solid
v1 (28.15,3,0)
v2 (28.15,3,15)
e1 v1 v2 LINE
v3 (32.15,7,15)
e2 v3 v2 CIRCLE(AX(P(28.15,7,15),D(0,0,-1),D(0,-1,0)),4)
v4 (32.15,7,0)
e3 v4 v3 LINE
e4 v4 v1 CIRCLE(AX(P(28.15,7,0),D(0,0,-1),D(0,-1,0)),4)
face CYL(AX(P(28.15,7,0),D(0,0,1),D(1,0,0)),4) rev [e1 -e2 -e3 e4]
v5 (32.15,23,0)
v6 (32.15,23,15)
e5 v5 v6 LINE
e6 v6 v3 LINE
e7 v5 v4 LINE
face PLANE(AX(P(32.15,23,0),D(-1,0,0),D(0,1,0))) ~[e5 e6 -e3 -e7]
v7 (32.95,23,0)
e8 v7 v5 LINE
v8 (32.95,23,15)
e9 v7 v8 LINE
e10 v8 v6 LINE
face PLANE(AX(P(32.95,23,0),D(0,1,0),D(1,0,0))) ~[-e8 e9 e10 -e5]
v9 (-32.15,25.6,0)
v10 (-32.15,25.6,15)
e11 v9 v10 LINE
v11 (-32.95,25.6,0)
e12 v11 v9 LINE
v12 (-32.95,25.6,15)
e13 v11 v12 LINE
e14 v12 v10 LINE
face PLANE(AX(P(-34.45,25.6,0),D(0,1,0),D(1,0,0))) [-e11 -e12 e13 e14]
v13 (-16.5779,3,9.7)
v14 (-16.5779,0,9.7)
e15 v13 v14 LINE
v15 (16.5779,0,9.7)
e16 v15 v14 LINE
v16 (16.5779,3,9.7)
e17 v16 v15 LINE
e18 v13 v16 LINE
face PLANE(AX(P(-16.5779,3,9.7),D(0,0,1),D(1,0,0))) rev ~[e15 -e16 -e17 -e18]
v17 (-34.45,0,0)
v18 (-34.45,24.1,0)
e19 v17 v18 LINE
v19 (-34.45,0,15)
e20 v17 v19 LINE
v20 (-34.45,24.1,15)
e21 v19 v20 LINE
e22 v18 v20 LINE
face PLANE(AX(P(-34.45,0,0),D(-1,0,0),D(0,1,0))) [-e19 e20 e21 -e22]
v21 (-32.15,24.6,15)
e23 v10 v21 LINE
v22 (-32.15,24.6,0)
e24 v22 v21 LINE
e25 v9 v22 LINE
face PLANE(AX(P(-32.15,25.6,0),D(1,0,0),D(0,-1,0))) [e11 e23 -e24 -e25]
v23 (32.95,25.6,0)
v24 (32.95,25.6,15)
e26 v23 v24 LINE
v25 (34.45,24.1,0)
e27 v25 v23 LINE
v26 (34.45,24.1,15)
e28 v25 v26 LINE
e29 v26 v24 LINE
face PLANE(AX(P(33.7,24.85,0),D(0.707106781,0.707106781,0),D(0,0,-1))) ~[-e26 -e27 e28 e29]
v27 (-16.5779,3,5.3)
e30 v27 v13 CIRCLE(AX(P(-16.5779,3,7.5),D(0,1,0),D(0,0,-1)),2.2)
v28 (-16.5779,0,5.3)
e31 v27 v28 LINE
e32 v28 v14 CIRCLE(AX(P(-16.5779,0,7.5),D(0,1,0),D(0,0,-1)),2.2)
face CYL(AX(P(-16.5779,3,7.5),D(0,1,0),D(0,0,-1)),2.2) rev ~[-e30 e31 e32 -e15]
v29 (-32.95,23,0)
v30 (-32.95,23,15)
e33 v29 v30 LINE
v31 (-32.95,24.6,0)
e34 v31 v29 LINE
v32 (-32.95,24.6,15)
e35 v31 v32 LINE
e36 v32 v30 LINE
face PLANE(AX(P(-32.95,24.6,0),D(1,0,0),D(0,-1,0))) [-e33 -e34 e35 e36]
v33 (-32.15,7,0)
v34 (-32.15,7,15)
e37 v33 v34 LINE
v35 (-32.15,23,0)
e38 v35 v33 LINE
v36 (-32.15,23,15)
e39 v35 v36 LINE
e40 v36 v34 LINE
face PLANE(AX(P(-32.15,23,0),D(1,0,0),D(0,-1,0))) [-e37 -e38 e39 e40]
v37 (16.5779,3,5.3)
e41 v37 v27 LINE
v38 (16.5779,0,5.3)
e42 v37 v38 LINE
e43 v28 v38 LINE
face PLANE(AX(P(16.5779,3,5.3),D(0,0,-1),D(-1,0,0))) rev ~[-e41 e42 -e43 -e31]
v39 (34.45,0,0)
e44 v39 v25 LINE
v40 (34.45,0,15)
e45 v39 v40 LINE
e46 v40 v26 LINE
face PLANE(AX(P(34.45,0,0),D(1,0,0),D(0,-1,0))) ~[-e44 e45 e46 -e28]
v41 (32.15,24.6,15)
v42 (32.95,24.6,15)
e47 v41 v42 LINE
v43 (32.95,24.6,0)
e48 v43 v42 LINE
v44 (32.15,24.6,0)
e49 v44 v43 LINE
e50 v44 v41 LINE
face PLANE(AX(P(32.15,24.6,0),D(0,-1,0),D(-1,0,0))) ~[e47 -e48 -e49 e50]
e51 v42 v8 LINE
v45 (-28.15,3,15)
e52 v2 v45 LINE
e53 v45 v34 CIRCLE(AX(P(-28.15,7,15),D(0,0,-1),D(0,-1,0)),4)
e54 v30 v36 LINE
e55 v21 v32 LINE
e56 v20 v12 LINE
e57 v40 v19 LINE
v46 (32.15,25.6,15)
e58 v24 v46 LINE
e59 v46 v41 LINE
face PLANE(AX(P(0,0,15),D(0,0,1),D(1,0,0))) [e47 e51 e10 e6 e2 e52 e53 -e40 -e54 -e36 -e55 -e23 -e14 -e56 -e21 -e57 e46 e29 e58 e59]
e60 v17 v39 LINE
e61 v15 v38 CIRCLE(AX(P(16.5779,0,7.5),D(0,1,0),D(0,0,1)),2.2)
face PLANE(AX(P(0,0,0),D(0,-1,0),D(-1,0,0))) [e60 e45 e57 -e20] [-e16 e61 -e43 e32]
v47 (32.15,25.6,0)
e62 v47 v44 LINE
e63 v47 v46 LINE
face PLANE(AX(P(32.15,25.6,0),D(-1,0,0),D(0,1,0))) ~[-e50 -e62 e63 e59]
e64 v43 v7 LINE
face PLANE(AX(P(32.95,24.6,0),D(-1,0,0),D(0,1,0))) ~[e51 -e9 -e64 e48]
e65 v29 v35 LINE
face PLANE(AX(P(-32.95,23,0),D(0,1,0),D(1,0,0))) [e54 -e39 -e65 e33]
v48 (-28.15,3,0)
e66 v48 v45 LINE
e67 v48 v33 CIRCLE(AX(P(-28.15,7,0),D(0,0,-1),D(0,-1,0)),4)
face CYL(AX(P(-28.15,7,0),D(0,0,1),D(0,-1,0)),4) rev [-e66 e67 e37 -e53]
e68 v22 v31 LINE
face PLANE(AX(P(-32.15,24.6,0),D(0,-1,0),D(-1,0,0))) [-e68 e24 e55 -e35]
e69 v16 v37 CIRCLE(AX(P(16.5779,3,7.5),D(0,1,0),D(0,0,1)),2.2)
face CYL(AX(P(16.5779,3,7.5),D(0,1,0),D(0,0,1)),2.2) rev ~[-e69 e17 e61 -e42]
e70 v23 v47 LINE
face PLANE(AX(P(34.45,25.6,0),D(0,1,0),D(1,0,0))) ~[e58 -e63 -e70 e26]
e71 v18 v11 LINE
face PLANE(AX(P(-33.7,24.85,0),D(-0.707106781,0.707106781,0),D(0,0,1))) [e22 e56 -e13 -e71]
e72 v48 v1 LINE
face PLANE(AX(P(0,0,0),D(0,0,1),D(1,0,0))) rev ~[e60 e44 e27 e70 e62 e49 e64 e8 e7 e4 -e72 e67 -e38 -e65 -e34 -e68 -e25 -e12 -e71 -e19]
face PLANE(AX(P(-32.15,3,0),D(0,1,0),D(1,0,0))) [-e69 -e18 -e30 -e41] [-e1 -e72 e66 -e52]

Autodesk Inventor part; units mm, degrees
ref_plane "YZ Plane" through (0, 0, 0) normal (1, 0, 0) x (0, 1, 0)
ref_plane "XZ Plane" through (0, 0, 0) normal (0, 1, 0) x (-1, 0, 0)
ref_plane "XY Plane" through (0, 0, 0) normal (0, 0, 1) x (1, 0, 0)
sketch "Sketch1" plane through (0, 0, 0) normal (0, 0, 1) x (1, 0, 0)
  line L0 (0, 0) -> (-34.45, 0)
  line L1 (-34.45, 0) -> (-34.45, 25.6)
  line L2 (-34.45, 25.6) -> (-32.15, 25.6)
  line L3 (-32.15, 25.6) -> (-32.15, 24.6)
  line L4 (-32.15, 24.6) -> (-32.95, 24.6)
  line L5 (-32.95, 24.6) -> (-32.95, 23)
  line L6 (-32.95, 23) -> (-32.15, 23)
  line L7 (-32.15, 23) -> (-32.15, 3)
  line L8 (-32.15, 3) -> (0, 3)
  line L9 (0, 3) -> (0, 0)
  point P0 (-32.95, 23.8)
  point P1 (0, 1.5)
  dimension "d0" = 3
  dimension "d2" = 0.8
  dimension "d3" = 1
  dimension "d4" = 1.6
  dimension "d5" = 1.5
  dimension "d9" = 20
  dimension "d15" = 65.9
extrude "Extrusion1" add sketch "Sketch1" along normal blind 15
mirror "Mirror1" about plane through (0, 0, 0) normal (1, 0, 0) of "Extrusion1"
sketch "Sketch2" plane through (-32.15, 3, 15) normal (0, 1, 0) x (1, 0, 0)
  line L0 (64.3, 15) -> (0, 15) construction
  line L1 (0, 15) -> (0, 0) construction
  line L2 (0, 0) -> (64.3, 0) construction
  line L3 (64.3, 15) -> (64.3, 0) construction
  line L4 (15.5721, 7.5) -> (48.7279, 7.5) construction
  line L5 (15.5721, 5.3) -> (48.7279, 5.3)
  line L6 (48.7279, 9.7) -> (15.5721, 9.7)
  arc A0 (15.5721, 9.7) -> (15.5721, 5.3) centre (15.5721, 7.5) ccw
  arc A1 (48.7279, 5.3) -> (48.7279, 9.7) centre (48.7279, 7.5) ccw
  line L7 (66.6, 15) -> (66.6, 0) projected
  point P0 (32.15, 15)
  point P1 (32.15, 7.5)
  point P2 (32.15, 15)
  point P3 (66.6, 7.5)
  dimension "d12" = 2.2
extrude "Extrusion2" cut sketch "Sketch2" against normal through all
chamfer "Chamfer1" distance 1.5 angle 45 2 edges at (-34.45, 25.6, 7.5) (34.45, 25.6, 7.5)
fillet "Fillet1" radius 4 2 edges at (32.15, 3, 7.5) (-32.15, 3, 7.5)
properties part number "Discovery boar clamp"
